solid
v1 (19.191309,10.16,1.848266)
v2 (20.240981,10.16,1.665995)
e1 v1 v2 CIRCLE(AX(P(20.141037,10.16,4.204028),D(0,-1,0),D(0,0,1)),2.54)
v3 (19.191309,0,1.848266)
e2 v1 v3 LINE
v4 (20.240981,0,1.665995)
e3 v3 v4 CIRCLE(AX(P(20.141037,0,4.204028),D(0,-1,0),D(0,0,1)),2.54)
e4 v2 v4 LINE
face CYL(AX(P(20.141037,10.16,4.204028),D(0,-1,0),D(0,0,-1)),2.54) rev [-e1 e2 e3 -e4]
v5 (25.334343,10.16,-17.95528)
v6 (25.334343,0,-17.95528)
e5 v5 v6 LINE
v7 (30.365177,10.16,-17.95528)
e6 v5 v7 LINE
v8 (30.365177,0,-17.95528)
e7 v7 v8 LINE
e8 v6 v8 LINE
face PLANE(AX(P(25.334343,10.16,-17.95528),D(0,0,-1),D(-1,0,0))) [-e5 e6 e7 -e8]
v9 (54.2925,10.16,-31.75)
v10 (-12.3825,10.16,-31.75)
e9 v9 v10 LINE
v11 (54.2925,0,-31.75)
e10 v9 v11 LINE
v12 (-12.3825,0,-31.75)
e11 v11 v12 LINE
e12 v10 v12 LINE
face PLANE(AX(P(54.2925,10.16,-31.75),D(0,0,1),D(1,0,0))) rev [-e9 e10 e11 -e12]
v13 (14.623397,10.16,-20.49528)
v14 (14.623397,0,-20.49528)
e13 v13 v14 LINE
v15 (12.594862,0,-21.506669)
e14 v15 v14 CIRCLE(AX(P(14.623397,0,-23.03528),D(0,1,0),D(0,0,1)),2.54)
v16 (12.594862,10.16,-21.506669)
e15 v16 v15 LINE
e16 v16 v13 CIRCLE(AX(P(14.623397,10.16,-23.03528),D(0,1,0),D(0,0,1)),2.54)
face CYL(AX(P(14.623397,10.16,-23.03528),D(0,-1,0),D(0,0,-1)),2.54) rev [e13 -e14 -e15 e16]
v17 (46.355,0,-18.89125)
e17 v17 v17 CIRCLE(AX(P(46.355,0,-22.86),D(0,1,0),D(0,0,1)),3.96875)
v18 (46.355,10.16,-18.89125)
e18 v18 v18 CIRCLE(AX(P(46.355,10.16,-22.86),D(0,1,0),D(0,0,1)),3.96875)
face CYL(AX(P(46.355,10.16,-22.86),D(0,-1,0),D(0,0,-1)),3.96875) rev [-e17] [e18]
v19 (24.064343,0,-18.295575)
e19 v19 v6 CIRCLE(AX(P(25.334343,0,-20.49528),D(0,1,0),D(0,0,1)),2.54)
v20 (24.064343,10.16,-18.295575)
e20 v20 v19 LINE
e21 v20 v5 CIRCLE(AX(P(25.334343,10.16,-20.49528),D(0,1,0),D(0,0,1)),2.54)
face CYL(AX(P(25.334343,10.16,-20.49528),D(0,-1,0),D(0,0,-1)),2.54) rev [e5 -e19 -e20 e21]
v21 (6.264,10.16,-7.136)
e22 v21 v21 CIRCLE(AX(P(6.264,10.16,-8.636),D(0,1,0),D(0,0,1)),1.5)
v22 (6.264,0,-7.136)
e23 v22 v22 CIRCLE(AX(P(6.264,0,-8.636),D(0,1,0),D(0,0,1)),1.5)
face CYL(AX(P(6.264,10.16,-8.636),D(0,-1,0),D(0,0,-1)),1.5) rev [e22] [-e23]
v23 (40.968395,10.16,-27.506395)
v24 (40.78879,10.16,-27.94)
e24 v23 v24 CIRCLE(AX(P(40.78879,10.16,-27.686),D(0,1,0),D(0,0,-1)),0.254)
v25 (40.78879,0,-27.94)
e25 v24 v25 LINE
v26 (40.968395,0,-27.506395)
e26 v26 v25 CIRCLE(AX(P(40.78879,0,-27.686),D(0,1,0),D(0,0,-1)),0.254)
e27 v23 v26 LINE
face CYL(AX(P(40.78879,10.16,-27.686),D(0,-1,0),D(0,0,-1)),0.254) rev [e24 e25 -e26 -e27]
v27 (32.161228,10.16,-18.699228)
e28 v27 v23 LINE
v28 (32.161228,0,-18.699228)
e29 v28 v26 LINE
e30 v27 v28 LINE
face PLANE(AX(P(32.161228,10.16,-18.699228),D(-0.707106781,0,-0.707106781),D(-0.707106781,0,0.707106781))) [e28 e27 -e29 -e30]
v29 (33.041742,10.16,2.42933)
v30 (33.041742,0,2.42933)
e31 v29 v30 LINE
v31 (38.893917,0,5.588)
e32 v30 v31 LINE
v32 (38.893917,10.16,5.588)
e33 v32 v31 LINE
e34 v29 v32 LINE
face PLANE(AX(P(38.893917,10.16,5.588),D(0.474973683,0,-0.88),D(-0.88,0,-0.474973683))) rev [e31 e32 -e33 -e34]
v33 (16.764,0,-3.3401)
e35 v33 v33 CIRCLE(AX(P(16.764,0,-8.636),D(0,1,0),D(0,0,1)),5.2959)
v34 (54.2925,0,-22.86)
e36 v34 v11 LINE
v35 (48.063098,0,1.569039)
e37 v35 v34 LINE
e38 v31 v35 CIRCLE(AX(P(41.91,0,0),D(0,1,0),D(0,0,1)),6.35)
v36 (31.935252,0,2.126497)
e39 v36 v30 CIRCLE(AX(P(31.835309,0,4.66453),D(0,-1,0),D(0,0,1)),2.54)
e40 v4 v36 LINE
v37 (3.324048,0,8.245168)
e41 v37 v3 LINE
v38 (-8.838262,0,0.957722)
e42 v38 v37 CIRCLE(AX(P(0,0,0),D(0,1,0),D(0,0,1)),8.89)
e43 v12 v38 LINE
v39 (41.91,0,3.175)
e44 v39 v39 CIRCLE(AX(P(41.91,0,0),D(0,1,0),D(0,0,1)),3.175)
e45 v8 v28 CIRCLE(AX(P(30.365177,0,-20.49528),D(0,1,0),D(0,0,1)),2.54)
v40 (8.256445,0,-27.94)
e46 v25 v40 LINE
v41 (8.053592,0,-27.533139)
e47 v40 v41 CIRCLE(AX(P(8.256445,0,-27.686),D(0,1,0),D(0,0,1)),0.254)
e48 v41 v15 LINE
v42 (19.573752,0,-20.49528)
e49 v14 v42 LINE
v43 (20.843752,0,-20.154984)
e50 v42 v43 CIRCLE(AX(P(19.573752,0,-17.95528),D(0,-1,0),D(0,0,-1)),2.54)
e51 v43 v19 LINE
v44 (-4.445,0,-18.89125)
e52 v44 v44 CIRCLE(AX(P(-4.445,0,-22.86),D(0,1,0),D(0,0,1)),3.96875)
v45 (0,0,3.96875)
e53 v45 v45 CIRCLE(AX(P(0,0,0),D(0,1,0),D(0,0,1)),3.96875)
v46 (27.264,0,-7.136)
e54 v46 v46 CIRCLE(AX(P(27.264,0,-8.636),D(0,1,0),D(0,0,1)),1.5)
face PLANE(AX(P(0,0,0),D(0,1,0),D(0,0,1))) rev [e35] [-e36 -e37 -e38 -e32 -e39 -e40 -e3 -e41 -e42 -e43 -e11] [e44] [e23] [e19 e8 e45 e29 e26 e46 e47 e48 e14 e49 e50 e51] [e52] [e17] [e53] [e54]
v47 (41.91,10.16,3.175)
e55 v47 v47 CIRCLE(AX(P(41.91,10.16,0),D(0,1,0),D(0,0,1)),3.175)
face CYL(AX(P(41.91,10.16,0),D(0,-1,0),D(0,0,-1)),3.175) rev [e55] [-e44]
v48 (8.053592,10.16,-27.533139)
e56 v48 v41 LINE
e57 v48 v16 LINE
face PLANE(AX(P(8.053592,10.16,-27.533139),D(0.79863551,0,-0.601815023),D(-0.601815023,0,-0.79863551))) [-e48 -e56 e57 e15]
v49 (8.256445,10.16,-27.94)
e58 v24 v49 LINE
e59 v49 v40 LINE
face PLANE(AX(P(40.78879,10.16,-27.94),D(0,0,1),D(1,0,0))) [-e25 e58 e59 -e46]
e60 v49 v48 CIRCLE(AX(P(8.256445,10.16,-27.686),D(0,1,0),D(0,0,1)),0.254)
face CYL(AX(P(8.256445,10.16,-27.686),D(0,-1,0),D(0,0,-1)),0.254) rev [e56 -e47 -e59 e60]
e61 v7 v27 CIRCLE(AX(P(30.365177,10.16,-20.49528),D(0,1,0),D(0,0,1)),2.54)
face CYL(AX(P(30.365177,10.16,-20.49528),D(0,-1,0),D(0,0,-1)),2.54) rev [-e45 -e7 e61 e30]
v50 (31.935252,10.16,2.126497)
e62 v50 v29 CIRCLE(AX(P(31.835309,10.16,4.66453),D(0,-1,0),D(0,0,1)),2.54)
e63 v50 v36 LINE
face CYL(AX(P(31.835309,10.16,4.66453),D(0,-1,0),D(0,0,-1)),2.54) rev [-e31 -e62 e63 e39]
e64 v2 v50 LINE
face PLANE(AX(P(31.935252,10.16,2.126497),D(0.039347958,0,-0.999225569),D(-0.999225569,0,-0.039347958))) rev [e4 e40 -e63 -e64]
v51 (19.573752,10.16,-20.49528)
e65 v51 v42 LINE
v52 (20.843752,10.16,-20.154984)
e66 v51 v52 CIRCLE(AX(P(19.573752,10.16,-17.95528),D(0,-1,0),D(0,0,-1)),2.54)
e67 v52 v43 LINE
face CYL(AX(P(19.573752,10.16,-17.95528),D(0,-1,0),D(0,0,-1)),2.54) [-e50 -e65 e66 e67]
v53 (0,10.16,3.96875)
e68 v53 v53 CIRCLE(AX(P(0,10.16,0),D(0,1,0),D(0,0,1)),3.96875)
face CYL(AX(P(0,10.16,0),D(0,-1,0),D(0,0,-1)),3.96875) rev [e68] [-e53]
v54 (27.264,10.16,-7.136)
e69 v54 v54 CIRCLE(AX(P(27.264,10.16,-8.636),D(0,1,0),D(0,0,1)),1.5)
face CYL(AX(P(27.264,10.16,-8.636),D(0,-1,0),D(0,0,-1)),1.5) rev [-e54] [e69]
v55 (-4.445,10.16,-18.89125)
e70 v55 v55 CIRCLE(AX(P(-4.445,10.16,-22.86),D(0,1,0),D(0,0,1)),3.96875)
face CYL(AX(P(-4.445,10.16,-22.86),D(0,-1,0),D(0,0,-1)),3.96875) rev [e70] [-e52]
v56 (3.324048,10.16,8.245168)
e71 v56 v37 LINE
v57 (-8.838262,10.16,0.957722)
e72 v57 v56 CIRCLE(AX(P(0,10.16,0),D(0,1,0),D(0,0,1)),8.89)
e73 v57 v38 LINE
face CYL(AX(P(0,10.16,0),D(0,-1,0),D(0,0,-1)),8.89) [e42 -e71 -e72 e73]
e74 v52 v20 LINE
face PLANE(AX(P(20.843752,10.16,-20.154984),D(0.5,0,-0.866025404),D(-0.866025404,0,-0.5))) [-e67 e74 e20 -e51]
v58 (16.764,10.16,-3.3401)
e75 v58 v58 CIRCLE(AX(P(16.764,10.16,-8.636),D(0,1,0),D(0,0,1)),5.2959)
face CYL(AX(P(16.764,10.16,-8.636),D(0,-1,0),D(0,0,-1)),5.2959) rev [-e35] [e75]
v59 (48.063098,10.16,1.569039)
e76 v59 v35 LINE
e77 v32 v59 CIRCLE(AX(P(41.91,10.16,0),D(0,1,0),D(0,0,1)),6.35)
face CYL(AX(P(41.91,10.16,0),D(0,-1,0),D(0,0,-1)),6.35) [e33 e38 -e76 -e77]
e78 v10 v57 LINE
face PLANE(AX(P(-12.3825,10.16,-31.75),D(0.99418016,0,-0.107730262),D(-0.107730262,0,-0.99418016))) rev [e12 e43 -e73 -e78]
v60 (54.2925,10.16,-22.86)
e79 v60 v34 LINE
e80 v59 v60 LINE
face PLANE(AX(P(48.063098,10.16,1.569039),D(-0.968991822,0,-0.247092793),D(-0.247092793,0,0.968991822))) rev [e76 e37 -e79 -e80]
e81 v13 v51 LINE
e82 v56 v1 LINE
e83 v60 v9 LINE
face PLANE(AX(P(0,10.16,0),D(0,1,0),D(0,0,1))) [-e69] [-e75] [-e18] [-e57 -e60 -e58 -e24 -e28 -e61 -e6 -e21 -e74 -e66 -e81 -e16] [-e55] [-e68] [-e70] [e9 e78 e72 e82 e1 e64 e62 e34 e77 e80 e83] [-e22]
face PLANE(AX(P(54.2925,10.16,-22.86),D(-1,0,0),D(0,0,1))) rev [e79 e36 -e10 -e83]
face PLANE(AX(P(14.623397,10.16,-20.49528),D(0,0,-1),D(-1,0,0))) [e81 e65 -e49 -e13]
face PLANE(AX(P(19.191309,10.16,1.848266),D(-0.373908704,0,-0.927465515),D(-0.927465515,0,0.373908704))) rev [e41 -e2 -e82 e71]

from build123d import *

# Parameters (mm, degrees)
SKETCH4_R           = 3.96875
SKETCH4_R_2         = 5.2959
SKETCH4_R_3         = 1.5
SKETCH4_R_4         = 3.175
BOSS_EXTRUDE2_DEPTH = 10.16


with BuildPart() as part:
    # Sketch4 → Boss-Extrude2 (new body)
    with BuildSketch(Plane(origin=(0, 0, 0), x_dir=(1, 0, 0), z_dir=(0, 1, 0))):
        with BuildLine():
            Line((54.2925, 31.75), (-12.3825, 31.75))
            Line((-12.3825, 31.75), (-8.838261623, -0.957722033))
            ThreePointArc((-8.838261623, -0.957722033), (-4.569283935, -7.625860235), (3.324048375, -8.245168428))
            Line((3.324048375, -8.245168428), (19.191308787, -1.848265606))
            ThreePointArc((19.191308787, -1.848265606), (19.706480828, -1.70147711), (20.240980706, -1.665995068))
            Line((20.240980706, -1.665995068), (31.935252388, -2.1264974))
            ThreePointArc((31.935252388, -2.1264974), (32.505817446, -2.214628745), (33.041741732, -2.429330346))
            Line((33.041741732, -2.429330346), (38.89391711, -5.588))
            ThreePointArc((38.89391711, -5.588), (44.459162112, -5.815863868), (48.063098072, -1.569039233))
            Line((48.063098072, -1.569039233), (54.2925, 22.86))
            Line((54.2925, 22.86), (54.2925, 31.75))
        make_face()
        with Locations(Location((0, 0, 0), (0, 0, 270))):
            Circle(SKETCH4_R, mode=Mode.SUBTRACT)
        with Locations(Location((46.355, 22.86, 0), (0, 0, 270))):
            Circle(SKETCH4_R, mode=Mode.SUBTRACT)
        with Locations(Location((-4.445, 22.86, 0), (0, 0, 270))):
            Circle(SKETCH4_R, mode=Mode.SUBTRACT)
        with Locations(Location((16.764, 8.636, 0), (0, 0, 270))):
            Circle(SKETCH4_R_2, mode=Mode.SUBTRACT)
        with Locations(Location((27.264, 8.636, 0), (0, 0, 270))):
            Circle(SKETCH4_R_3, mode=Mode.SUBTRACT)
        with Locations(Location((6.264, 8.636, 0), (0, 0, 270))):
            Circle(SKETCH4_R_3, mode=Mode.SUBTRACT)
        with Locations(Location((41.91, 0, 0), (0, 0, 270))):
            Circle(SKETCH4_R_4, mode=Mode.SUBTRACT)
        with BuildLine():
            Line((40.788789755, 27.94), (8.256445186, 27.94))
            ThreePointArc((8.256445186, 27.94), (8.029131858, 27.799334245), (8.053591766, 27.533138984))
            Line((8.053591766, 27.533138984), (12.594862372, 21.506669344))
            ThreePointArc((12.594862372, 21.506669344), (13.490054122, 20.762146224), (14.623396567, 20.495279502))
            Line((14.623396567, 20.495279502), (19.573752381, 20.495279502))
            ThreePointArc((19.573752381, 20.495279502), (20.231152756, 20.408731101), (20.843752381, 20.154984028))
            Line((20.843752381, 20.154984028), (24.06434333, 18.295574977))
            ThreePointArc((24.06434333, 18.295574977), (24.676942955, 18.041827904), (25.33434333, 17.955279502))
            Line((25.33434333, 17.955279502), (30.365177054, 17.955279502))
            ThreePointArc((30.365177054, 17.955279502), (31.337192972, 18.14862549), (32.161228278, 18.699228278))
            Line((32.161228278, 18.699228278), (40.968394878, 27.506394878))
            ThreePointArc((40.968394878, 27.506394878), (41.023455156, 27.783201592), (40.788789755, 27.94))
        make_face(mode=Mode.SUBTRACT)
    extrude(amount=BOSS_EXTRUDE2_DEPTH)


solid = part.part
